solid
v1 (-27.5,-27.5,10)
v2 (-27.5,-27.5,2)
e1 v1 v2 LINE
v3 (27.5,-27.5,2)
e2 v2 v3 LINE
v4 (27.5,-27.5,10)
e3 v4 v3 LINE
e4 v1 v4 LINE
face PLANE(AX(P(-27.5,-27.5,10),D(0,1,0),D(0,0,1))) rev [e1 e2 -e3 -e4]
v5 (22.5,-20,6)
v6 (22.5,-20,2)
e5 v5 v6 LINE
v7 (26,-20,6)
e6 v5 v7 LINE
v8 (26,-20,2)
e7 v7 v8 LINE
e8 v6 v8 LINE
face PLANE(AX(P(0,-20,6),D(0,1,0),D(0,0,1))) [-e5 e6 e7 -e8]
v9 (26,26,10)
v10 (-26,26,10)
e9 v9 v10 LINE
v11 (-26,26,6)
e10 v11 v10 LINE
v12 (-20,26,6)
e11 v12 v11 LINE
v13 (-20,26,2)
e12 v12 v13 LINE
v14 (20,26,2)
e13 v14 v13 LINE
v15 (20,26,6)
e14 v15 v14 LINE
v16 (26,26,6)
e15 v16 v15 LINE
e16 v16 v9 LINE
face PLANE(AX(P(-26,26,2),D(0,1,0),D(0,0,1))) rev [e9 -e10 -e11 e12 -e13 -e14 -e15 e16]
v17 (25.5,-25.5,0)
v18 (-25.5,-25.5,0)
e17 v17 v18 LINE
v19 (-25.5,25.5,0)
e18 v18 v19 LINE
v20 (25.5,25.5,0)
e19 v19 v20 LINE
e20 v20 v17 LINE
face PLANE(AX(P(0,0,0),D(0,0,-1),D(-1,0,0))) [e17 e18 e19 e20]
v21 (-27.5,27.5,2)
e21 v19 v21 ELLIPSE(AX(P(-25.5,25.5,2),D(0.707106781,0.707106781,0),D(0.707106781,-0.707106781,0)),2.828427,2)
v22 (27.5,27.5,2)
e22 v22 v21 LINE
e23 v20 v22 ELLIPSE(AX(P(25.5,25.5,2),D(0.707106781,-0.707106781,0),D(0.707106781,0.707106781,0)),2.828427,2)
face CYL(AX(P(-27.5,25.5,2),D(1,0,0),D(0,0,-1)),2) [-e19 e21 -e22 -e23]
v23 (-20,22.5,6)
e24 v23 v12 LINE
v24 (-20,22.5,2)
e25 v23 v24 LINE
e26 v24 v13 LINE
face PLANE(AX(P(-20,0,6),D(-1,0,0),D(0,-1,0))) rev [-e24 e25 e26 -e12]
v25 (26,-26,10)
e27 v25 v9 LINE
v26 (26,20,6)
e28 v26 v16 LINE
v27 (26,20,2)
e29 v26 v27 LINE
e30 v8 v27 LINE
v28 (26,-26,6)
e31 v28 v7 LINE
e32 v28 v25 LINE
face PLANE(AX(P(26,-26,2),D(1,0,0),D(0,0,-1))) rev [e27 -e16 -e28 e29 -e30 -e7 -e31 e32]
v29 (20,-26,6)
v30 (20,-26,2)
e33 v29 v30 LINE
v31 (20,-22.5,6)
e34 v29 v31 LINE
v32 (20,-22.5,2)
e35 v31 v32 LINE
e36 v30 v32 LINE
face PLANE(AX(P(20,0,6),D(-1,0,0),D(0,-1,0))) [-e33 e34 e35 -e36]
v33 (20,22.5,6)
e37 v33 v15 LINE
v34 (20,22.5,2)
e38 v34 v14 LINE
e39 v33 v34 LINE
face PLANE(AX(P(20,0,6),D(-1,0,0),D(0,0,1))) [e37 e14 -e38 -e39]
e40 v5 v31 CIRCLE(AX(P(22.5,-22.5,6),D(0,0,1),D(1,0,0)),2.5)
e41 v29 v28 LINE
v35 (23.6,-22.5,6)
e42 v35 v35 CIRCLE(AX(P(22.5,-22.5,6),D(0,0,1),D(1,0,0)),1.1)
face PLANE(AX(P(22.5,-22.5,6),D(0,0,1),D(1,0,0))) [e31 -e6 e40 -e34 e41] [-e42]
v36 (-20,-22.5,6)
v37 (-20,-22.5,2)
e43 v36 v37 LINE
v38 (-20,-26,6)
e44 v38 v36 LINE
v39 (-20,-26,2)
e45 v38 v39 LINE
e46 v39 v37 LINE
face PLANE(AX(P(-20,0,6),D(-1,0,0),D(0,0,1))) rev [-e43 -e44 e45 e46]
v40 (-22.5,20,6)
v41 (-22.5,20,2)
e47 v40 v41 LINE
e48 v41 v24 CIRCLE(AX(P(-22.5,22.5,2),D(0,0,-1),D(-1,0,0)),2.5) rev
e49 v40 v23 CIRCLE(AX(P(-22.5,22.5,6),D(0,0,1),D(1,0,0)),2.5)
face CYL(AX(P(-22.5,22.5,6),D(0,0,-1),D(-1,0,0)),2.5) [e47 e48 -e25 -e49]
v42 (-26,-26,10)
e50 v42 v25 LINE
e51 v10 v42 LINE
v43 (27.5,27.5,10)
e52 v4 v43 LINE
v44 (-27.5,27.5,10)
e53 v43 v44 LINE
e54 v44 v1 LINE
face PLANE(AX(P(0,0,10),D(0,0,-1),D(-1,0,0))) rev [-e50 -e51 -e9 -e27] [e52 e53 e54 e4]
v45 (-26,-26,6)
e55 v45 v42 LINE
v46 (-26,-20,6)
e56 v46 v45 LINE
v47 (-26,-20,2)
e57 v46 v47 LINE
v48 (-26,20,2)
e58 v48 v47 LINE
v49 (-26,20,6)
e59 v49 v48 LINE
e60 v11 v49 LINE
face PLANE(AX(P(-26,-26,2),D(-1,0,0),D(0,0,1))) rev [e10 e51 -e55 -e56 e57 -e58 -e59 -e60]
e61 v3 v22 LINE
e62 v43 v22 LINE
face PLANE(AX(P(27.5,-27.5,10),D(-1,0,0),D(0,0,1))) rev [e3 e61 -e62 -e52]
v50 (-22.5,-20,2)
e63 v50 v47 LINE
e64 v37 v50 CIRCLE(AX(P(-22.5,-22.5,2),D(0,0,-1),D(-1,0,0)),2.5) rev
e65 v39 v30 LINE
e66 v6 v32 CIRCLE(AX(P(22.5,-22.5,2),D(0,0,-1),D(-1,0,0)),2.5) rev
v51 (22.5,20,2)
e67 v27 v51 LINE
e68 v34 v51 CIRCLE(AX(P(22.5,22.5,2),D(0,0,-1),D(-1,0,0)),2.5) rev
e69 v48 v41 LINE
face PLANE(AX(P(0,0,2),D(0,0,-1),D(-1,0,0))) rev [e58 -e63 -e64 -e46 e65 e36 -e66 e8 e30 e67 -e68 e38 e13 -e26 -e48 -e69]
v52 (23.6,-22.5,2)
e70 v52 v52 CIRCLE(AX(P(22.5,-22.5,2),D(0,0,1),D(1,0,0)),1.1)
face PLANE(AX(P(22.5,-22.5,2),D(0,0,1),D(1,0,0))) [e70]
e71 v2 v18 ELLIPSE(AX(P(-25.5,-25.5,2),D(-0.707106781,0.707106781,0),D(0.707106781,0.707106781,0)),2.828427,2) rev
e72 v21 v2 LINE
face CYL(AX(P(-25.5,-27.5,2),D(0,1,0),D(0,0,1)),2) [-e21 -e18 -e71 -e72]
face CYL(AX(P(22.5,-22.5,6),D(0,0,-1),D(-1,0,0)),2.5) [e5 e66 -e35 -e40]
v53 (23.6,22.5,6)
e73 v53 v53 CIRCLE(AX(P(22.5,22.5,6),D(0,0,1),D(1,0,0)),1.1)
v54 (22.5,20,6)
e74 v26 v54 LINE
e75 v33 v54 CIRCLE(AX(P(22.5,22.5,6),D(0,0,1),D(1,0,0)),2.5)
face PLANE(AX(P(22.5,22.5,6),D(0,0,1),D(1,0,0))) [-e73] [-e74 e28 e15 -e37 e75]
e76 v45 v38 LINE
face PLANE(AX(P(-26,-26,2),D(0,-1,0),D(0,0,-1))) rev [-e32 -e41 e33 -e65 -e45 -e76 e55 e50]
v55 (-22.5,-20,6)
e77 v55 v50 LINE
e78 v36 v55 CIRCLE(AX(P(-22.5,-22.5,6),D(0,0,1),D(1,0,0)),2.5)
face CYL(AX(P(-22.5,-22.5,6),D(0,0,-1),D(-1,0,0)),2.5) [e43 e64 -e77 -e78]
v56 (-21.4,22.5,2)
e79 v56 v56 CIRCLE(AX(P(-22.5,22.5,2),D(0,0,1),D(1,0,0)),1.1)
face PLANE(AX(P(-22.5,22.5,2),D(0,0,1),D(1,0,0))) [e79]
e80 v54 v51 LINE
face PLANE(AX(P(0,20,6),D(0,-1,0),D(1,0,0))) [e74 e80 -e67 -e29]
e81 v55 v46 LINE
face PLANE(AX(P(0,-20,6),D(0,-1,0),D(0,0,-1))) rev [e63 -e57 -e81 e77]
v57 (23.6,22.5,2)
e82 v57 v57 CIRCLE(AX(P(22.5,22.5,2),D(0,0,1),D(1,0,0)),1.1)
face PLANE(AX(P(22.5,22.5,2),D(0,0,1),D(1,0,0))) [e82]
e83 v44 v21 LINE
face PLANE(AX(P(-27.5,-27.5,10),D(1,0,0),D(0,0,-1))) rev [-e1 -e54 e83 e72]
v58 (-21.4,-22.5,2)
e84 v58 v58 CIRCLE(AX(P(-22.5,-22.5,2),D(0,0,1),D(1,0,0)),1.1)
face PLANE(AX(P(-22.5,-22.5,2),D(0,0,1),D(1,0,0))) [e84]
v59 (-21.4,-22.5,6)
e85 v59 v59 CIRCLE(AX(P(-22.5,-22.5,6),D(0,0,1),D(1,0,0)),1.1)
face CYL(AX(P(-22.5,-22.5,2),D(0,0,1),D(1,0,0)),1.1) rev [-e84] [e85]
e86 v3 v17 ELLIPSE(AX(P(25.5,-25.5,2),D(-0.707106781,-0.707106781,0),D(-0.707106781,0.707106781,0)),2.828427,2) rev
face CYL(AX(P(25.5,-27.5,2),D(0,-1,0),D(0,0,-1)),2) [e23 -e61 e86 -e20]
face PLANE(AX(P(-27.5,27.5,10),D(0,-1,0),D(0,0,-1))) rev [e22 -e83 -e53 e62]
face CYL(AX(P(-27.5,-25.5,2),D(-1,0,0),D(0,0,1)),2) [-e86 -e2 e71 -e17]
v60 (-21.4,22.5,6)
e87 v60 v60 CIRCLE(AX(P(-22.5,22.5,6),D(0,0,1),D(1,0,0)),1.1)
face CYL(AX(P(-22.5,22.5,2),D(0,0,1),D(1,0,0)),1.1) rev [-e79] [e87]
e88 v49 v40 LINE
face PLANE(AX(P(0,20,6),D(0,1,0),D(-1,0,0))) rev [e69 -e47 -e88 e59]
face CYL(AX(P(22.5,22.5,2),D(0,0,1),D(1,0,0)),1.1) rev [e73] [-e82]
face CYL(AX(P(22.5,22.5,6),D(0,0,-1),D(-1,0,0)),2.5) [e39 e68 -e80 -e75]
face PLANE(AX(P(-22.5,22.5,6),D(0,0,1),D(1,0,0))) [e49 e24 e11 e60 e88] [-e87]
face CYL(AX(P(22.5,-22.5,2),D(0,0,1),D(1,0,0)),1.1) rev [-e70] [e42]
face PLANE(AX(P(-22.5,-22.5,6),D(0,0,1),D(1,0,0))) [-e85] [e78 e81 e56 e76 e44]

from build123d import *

# Parameters (mm, degrees)
SKETCH_1_W          = 55
SKETCH_1_H          = 55
EXTRUDE_1_DEPTH     = 10
SKETCH_2_W          = 52
SKETCH_2_H          = 52
CUT_EXTRUDE_1_DEPTH = 8
FILLET_1_R          = 2
SKETCH_3_R          = 2.5
EXTRUDE_2_DEPTH     = 4
SKETCH_5_R          = 1.1
CUT_EXTRUDE_2_DEPTH = 4
EXTRUDE_4_DEPTH     = 4
EXTRUDE_6_DEPTH     = 4


with BuildPart() as part:
    # 草图1 → 凸台-拉伸1 (new body)
    with BuildSketch(Plane.XY):
        Rectangle(SKETCH_1_W, SKETCH_1_H)
    extrude(amount=EXTRUDE_1_DEPTH)

    # 草图2 → 切除-拉伸1 (cut)
    with BuildSketch(Plane.XY.offset(10)):
        Rectangle(SKETCH_2_W, SKETCH_2_H)
    extrude(amount=-CUT_EXTRUDE_1_DEPTH, mode=Mode.SUBTRACT)

    # 圆角1
    fillet_1_edges = [part.edges().sort_by_distance(p)[0] for p in [
        (0, -27.5, 0),
        (-27.5, 0, 0),
        (0, 27.5, 0),
        (27.5, 0, 0),
    ]]
    fillet(fillet_1_edges, radius=FILLET_1_R)

    # 草图3 → 凸台-拉伸2 (add)
    with BuildSketch(Plane.XY.offset(2)):
        with Locations((-22.5, 22.5)):
            Circle(SKETCH_3_R)
        with Locations((22.5, 22.5)):
            Circle(SKETCH_3_R)
        with Locations((-22.5, -22.5)):
            Circle(SKETCH_3_R)
        with Locations((22.5, -22.5)):
            Circle(SKETCH_3_R)
    extrude(amount=EXTRUDE_2_DEPTH)

    # 草图5 → 切除-拉伸2 (cut)
    with BuildSketch(Plane.XY.offset(6)):
        with Locations((-22.5, -22.5)):
            Circle(SKETCH_5_R)
        with Locations((22.5, -22.5)):
            Circle(SKETCH_5_R)
        with Locations((-22.5, 22.5)):
            Circle(SKETCH_5_R)
        with Locations((22.5, 22.5)):
            Circle(SKETCH_5_R)
    extrude(amount=-CUT_EXTRUDE_2_DEPTH, mode=Mode.SUBTRACT)

    # 草图6 → 凸台-拉伸4 (add)
    with BuildSketch(Plane.XY.offset(2)):
        with BuildLine():
            ThreePointArc((-22.5, 20), (-25, 22.5), (-22.5, 25))
            Line((-22.5, 25), (-26, 25))
            Line((-26, 25), (-26, 20))
            Line((-26, 20), (-22.5, 20))
        make_face()
    extrude(amount=EXTRUDE_4_DEPTH)

    # 草图13 → 凸台-拉伸6 (add)
    with BuildSketch(Plane.XY.offset(2)):
        with BuildLine():
            ThreePointArc((-22.5, 25), (-20.732233047, 24.267766953), (-20, 22.5))
            Line((-20, 22.5), (-20, 26))
            Line((-20, 26), (-26, 26))
            Line((-26, 26), (-26, 25))
            Line((-26, 25), (-22.5, 25))
        make_face()
        with BuildLine():
            ThreePointArc((-20, -22.5), (-24.267766953, -24.267766953), (-22.5, -20))
            Line((-22.5, -20), (-26, -20))
            Line((-26, -20), (-26, -26))
            Line((-26, -26), (-20, -26))
            Line((-20, -26), (-20, -22.5))
        make_face()
        with BuildLine():
            Line((26, -20), (22.5, -20))
            ThreePointArc((22.5, -20), (24.267766953, -24.267766953), (20, -22.5))
            Line((20, -22.5), (20, -26))
            Line((20, -26), (26, -26))
            Line((26, -26), (26, -20))
        make_face()
        with BuildLine():
            Line((20, 26), (20, 22.5))
            ThreePointArc((20, 22.5), (24.267766953, 24.267766953), (22.5, 20))
            Line((22.5, 20), (26, 20))
            Line((26, 20), (26, 26))
            Line((26, 26), (20, 26))
        make_face()
    extrude(amount=EXTRUDE_6_DEPTH)


solid = part.part
